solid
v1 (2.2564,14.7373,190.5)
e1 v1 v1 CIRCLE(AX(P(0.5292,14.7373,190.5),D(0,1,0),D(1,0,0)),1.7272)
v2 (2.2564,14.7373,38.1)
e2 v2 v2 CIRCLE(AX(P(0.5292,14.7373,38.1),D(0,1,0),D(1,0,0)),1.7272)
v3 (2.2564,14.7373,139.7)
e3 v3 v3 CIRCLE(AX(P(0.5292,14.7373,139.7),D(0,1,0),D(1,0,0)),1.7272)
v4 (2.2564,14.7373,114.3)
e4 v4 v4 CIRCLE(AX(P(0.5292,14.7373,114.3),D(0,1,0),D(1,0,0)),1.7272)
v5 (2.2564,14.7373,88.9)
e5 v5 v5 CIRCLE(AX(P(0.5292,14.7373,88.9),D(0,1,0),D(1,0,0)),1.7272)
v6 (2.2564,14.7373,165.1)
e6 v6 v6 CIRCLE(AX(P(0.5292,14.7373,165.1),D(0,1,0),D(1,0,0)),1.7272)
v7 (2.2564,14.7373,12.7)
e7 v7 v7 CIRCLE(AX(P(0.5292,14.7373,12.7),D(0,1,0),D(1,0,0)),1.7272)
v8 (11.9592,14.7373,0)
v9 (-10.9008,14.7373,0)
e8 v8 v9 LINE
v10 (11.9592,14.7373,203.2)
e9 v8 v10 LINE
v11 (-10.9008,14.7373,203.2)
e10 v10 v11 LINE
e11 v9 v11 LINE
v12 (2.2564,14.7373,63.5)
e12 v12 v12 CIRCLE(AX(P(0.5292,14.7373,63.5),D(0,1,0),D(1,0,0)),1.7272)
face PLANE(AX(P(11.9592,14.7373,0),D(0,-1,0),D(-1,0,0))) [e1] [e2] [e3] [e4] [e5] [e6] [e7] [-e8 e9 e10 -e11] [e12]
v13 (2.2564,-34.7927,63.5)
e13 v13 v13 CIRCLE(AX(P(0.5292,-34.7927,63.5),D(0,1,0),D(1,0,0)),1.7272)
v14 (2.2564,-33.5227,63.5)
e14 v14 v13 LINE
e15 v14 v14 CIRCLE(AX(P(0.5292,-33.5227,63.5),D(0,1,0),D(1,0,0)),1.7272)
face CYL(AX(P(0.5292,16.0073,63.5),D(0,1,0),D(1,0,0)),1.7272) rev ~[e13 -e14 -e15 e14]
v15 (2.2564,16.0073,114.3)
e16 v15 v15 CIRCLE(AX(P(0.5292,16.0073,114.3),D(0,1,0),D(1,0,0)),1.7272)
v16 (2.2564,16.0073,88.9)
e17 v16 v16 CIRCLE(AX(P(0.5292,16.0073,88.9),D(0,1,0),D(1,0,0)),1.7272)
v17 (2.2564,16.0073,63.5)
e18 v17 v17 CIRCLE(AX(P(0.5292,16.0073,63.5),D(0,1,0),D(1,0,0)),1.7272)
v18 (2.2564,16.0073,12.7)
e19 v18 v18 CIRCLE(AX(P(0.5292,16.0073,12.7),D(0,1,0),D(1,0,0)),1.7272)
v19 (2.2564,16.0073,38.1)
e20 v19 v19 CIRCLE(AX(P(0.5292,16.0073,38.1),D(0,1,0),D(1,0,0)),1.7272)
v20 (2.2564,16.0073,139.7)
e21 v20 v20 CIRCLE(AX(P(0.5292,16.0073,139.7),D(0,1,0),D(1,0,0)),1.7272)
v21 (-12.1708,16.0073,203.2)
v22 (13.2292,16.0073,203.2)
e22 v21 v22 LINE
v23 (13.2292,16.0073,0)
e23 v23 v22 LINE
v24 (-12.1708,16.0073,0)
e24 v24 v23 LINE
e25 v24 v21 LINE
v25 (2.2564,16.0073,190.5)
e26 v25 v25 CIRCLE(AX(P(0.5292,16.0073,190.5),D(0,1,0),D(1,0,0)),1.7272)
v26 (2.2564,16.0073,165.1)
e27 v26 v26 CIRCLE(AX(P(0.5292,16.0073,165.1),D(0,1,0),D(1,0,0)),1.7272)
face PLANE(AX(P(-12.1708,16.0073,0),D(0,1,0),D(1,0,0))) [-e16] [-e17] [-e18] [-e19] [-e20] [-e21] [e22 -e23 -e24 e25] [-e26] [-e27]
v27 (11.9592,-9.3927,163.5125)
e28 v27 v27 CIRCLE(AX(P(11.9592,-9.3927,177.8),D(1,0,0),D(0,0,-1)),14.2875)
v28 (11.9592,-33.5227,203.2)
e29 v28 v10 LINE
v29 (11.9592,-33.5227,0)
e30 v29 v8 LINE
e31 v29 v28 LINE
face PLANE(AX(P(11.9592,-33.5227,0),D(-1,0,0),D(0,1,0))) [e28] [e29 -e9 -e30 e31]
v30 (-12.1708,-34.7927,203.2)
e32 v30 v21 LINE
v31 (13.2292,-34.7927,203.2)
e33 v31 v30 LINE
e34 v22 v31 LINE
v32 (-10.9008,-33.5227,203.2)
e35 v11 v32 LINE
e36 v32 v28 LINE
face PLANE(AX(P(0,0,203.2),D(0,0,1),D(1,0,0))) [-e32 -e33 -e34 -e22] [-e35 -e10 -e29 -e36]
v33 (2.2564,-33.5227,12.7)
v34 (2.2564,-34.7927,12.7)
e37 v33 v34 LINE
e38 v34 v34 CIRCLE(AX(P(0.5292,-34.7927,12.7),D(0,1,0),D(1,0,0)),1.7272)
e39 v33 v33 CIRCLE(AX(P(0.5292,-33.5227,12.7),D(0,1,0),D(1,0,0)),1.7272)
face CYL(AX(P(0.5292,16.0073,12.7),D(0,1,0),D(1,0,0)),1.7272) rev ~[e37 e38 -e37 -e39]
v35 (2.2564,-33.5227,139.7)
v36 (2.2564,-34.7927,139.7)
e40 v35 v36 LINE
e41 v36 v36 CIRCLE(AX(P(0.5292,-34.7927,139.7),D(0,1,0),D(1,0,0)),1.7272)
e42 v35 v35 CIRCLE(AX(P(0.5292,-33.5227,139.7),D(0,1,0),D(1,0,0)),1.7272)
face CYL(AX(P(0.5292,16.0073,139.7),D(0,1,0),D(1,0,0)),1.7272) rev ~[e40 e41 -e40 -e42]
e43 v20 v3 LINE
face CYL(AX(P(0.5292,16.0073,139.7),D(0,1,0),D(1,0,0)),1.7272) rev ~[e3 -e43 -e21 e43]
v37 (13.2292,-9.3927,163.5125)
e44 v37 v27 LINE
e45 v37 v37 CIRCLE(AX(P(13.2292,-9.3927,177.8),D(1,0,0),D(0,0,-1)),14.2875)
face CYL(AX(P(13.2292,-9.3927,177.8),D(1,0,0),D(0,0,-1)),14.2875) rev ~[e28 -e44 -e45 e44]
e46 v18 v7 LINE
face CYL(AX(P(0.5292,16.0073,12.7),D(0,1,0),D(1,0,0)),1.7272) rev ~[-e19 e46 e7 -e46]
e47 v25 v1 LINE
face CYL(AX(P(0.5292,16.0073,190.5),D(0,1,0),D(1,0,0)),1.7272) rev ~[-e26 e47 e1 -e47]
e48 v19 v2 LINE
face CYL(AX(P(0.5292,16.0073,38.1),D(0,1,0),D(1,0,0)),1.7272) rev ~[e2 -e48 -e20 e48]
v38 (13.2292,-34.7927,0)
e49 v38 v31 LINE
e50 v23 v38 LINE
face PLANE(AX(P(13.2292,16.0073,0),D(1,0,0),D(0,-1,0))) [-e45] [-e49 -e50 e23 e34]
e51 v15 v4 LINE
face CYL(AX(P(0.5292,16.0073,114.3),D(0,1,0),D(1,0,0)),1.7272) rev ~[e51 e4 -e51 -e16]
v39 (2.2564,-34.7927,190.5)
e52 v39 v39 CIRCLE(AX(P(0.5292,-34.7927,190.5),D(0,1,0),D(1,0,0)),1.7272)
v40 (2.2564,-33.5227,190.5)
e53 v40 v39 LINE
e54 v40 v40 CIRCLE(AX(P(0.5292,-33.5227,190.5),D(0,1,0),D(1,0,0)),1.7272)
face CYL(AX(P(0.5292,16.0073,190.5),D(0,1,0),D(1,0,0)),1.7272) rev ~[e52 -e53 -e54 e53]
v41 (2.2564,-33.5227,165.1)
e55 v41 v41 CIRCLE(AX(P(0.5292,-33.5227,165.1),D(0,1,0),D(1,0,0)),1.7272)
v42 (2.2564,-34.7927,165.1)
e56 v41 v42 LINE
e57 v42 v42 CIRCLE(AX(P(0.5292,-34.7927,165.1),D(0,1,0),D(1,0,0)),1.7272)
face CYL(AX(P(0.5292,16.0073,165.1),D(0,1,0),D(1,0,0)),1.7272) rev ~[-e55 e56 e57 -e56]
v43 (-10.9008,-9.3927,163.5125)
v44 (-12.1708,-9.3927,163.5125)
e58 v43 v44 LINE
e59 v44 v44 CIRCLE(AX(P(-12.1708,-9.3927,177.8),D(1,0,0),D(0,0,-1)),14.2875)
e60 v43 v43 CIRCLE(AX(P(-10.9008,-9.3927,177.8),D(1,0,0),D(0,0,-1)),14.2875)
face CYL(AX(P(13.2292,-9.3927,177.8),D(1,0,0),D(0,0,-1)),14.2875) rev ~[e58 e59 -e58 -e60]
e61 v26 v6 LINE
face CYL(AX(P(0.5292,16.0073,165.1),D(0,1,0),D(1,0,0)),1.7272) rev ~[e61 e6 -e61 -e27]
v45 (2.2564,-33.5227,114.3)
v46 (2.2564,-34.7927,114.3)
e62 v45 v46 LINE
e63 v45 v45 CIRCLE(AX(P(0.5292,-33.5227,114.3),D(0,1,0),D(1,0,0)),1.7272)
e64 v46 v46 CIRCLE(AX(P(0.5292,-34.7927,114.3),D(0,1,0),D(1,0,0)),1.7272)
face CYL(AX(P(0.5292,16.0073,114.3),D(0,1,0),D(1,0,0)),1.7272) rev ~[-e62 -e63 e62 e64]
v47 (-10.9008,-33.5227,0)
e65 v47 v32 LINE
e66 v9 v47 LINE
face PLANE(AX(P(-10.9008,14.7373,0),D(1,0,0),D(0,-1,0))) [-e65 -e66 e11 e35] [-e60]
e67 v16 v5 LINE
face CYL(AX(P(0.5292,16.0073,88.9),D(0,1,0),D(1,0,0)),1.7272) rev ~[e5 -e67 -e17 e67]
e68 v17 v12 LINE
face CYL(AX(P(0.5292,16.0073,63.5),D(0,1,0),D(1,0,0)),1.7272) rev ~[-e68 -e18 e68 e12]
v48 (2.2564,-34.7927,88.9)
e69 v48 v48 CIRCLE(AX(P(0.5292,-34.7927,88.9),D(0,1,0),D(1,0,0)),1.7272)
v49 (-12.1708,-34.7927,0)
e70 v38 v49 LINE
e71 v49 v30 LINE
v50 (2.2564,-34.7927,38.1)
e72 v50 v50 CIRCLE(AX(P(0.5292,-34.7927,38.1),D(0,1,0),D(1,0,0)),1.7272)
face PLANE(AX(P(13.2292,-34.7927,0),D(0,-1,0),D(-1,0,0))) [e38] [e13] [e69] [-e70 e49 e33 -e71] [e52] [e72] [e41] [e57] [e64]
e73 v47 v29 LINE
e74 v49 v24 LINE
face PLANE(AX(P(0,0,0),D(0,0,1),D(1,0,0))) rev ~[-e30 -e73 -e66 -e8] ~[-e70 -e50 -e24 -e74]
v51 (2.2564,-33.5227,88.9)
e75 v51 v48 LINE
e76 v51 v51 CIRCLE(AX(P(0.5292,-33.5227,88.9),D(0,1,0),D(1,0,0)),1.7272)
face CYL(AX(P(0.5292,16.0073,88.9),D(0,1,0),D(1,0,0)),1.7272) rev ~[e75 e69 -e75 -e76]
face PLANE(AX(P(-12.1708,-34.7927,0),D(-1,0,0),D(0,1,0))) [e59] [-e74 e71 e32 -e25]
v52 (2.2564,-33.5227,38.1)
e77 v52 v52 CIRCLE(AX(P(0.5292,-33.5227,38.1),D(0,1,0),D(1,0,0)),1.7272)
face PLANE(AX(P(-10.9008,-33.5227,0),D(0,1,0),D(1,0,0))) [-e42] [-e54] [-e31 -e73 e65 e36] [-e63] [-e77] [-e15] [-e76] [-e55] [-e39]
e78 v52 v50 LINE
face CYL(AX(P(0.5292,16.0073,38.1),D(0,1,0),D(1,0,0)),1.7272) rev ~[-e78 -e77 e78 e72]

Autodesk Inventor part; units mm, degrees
ref_plane "YZ Plane" through (0, 0, 0) normal (1, 0, 0) x (0, 1, 0)
ref_plane "XZ Plane" through (0, 0, 0) normal (0, 1, 0) x (-1, 0, 0)
ref_plane "XY Plane" through (0, 0, 0) normal (0, 0, 1) x (1, 0, 0)
sketch "Sketch1" plane through (0, 0, 0) normal (0, 0, 1) x (1, 0, 0)
  line L0 (-12.1708, 16.0073) -> (13.2292, 16.0073)
  line L1 (13.2292, 16.0073) -> (13.2292, -34.7927)
  line L2 (13.2292, -34.7927) -> (-12.1708, -34.7927)
  line L3 (-12.1708, -34.7927) -> (-12.1708, 16.0073)
  line L4 (11.9592, 14.7373) -> (-10.9008, 14.7373)
  line L5 (-10.9008, 14.7373) -> (-10.9008, -33.5227)
  line L6 (-10.9008, -33.5227) -> (11.9592, -33.5227)
  line L7 (11.9592, -33.5227) -> (11.9592, 14.7373)
  point P0 (0, 0)
  dimension "d0" = 25.4
  dimension "d1" = 50.8
  dimension "d2" = 1.27
extrude "Extrusion1" add sketch "Sketch1" along normal blind 203.2
sketch "Sketch2" plane through (-12.1708, 16.0073, 0) normal (0, 1, 0) x (1, 0, 0)
  circle A0 centre (12.7, -12.7) radius 1.7272
  line L0 (25.4, 0) -> (0, 0) projected
  line L1 (0, 0) -> (0, -203.2) projected
  point P0 (12.1708, 0)
  dimension "d5" = 3.4544
  dimension "d6" = 12.7
  dimension "d7" = 12.7
extrude "Extrusion2" cut sketch "Sketch2" against normal through all
pattern_linear "Rectangular Pattern1" count 11 spacing 25.4 along (0, 0, 1) of "Extrusion2"
sketch "Sketch5" plane through (13.2292, -34.7927, 0) normal (1, 0, 0) x (0, 0, -1)
  circle A0 centre (-177.8, 25.4) radius 14.2875
  point P0 (0, 34.7927)
  point P1 (0, 50.8)
  dimension "d29" = 28.575
extrude "Extrusion5" cut sketch "Sketch5" against normal through all
equation "\"d3\" = d13"
equation "\"d13\" = 203.2"
properties part number "VersaFrame 8in w Bearing hole"
